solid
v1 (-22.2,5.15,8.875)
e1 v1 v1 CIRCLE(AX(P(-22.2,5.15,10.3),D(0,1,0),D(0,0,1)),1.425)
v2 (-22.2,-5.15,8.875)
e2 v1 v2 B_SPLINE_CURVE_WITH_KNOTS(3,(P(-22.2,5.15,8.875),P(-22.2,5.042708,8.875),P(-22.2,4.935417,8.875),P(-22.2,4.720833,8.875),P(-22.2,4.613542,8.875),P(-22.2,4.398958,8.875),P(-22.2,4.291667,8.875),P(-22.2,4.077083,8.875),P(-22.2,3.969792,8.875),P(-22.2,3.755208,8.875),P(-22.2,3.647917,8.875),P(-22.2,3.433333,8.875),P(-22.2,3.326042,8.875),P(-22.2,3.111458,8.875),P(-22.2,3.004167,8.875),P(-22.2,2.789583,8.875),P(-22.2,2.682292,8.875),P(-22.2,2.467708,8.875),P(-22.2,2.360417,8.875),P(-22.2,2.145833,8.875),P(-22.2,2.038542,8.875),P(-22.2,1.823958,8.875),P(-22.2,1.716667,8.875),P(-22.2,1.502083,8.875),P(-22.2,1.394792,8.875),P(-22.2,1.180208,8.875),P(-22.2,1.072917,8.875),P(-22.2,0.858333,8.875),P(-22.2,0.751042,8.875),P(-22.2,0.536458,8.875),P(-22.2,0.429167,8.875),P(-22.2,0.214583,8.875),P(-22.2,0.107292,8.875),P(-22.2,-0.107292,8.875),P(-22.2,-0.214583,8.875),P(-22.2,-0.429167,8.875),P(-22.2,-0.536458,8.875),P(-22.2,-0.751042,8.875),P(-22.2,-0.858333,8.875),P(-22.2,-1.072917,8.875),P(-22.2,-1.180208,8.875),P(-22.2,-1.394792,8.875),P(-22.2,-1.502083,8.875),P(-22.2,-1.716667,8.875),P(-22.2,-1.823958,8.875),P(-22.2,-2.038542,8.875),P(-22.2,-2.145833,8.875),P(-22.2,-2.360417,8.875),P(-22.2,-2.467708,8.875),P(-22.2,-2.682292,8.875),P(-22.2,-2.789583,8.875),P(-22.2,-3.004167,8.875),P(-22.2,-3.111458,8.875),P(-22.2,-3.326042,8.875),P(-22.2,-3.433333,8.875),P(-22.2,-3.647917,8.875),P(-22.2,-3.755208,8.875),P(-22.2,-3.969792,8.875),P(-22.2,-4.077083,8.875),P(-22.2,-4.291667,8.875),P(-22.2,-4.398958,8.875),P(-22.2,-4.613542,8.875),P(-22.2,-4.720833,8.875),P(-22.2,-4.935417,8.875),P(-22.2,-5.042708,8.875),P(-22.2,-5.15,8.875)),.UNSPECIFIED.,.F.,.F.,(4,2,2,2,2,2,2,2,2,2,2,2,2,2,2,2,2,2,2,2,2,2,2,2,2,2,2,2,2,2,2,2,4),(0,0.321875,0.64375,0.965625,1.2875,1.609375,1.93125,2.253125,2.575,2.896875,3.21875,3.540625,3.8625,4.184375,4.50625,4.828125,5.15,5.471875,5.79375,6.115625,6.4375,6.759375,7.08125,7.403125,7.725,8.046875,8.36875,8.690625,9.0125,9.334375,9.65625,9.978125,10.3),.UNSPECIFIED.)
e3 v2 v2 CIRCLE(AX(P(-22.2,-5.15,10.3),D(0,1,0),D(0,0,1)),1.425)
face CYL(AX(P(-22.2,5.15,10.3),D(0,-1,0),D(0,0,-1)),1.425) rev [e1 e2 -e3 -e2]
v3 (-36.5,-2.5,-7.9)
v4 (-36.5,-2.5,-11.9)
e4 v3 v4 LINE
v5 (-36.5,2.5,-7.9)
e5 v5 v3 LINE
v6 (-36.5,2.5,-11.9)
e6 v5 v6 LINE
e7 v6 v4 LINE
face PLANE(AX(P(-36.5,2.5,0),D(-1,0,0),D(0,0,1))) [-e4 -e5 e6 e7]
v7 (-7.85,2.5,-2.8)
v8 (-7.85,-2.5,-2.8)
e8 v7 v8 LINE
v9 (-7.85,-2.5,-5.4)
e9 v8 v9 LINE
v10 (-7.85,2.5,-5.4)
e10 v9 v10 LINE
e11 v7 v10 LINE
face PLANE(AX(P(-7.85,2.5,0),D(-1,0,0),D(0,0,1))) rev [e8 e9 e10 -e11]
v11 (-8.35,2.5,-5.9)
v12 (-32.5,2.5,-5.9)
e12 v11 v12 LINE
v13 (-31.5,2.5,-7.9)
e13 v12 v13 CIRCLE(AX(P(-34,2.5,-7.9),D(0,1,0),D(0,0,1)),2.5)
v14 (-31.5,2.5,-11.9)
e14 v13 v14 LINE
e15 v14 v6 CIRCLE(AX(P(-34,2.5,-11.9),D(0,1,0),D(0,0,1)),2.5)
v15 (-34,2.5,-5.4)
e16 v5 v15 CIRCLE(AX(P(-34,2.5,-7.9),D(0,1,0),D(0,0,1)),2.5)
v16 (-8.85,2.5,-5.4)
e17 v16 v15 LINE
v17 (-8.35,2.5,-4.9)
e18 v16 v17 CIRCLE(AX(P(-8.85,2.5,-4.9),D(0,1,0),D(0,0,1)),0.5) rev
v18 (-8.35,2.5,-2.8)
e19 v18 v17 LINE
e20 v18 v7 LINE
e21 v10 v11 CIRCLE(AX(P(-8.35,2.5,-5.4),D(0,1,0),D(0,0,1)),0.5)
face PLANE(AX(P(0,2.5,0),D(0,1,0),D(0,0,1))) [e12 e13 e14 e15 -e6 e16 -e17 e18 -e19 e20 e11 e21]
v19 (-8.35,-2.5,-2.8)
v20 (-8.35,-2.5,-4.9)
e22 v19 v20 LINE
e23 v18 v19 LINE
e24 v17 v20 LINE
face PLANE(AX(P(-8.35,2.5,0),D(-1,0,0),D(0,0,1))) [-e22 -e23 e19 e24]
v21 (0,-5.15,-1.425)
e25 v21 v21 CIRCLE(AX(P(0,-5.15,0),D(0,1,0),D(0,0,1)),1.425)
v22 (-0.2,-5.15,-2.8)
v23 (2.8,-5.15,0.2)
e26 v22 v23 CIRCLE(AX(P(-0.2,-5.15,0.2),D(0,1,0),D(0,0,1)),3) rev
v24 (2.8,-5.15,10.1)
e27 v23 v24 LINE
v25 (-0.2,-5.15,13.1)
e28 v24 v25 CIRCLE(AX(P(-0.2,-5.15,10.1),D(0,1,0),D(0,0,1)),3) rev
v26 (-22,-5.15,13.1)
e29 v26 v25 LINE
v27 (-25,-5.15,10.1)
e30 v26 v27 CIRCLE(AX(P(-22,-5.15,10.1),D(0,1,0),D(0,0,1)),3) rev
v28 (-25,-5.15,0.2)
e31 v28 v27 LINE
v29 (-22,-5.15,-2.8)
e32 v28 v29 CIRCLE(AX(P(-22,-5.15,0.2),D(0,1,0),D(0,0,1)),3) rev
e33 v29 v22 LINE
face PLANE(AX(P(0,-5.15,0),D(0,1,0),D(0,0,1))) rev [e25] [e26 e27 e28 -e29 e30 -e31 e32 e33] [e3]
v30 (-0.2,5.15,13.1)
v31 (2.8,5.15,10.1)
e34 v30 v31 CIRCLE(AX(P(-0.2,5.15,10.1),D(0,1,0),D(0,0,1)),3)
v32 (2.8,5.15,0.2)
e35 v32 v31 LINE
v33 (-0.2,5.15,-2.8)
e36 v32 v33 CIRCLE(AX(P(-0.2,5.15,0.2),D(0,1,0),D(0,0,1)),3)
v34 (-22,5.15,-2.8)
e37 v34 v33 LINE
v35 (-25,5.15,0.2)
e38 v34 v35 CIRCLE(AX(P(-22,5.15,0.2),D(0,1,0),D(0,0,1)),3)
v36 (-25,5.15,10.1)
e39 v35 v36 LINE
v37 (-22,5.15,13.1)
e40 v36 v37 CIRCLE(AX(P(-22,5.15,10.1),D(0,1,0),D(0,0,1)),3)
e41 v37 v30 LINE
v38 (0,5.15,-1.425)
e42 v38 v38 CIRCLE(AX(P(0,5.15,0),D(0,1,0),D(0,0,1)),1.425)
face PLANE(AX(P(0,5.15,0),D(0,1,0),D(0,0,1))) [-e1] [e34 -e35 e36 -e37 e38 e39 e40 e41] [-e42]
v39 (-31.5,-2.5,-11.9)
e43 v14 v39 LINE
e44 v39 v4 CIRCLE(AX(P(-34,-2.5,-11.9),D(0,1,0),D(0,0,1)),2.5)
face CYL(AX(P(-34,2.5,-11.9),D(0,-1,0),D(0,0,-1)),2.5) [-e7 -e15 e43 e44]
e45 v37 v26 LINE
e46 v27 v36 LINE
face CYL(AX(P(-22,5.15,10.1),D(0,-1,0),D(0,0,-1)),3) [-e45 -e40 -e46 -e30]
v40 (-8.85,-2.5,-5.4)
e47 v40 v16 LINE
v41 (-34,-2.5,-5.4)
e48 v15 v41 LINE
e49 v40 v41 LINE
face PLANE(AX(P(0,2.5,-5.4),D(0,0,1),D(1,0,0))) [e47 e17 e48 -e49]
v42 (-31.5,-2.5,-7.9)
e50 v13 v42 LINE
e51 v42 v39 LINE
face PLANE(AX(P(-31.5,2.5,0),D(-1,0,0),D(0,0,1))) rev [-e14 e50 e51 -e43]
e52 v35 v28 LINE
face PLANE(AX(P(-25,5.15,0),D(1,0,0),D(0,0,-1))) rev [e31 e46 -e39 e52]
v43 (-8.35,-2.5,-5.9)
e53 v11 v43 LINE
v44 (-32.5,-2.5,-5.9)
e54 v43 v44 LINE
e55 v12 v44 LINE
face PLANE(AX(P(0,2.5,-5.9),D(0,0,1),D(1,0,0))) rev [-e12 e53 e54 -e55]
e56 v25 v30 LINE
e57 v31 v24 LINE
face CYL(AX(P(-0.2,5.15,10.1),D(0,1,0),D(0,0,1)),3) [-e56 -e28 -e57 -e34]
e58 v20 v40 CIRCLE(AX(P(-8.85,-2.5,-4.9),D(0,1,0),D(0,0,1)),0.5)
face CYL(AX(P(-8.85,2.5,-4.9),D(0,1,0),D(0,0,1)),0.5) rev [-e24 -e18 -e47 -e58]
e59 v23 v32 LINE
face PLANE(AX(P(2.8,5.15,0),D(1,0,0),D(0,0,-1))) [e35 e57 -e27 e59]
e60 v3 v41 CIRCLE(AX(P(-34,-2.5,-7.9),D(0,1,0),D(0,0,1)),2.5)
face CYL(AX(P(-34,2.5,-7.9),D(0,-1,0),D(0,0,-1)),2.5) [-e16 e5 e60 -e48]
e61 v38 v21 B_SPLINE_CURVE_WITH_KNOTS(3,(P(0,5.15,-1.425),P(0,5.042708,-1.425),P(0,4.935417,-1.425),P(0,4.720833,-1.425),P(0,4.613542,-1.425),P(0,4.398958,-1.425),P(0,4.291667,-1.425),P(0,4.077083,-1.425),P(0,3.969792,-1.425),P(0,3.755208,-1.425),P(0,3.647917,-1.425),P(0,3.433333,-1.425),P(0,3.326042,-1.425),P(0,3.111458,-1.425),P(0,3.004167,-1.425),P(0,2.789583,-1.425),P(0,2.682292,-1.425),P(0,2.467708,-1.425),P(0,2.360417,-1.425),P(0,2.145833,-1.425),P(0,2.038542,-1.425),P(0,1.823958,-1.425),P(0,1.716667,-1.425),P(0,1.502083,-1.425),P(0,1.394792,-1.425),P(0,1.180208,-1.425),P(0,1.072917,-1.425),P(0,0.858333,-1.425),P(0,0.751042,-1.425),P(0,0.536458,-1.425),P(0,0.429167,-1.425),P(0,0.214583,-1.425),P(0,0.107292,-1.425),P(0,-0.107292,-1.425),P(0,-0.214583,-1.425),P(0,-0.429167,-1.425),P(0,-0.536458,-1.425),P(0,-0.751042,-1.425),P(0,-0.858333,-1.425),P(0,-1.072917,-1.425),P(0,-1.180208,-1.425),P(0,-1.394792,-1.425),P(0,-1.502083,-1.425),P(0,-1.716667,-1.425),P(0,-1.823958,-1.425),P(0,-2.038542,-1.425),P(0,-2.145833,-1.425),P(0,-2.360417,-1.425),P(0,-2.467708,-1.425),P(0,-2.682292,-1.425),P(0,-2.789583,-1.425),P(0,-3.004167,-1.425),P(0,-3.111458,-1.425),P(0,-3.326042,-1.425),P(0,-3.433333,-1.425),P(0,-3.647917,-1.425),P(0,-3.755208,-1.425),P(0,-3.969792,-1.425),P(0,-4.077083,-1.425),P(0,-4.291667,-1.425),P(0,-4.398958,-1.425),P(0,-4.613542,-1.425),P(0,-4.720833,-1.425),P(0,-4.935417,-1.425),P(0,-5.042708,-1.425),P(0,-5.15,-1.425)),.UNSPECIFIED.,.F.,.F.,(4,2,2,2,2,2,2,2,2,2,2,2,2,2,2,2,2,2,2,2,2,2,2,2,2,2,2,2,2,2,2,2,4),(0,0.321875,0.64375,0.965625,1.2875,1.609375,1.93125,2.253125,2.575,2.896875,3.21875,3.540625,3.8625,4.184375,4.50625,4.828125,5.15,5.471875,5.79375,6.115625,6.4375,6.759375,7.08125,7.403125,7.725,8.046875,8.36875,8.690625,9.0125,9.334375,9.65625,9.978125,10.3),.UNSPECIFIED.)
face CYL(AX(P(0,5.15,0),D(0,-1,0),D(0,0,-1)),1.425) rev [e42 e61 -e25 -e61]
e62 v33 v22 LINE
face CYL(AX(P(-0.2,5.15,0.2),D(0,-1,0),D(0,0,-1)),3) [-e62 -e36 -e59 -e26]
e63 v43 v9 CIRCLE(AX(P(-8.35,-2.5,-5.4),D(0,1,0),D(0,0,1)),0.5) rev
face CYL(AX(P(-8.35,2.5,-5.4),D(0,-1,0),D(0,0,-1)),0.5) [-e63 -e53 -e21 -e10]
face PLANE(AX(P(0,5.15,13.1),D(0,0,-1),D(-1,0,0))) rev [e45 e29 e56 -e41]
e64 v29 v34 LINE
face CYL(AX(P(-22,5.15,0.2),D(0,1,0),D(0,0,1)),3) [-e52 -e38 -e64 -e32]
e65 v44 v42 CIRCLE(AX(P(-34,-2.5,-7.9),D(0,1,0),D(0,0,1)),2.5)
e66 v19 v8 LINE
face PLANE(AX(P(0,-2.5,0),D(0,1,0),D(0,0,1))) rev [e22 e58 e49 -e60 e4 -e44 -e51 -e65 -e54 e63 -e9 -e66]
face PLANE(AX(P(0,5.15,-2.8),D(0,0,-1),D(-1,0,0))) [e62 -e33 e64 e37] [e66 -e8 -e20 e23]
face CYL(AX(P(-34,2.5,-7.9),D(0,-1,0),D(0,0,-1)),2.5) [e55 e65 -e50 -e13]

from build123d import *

# Parameters (mm, degrees)
SKETCH1_R           = 1.425
BOSS_EXTRUDE1_DEPTH = 5.15
FILLET1_R           = 3
BOSS_EXTRUDE2_DEPTH = 2.5
FILLET2_R           = 0.5


with BuildPart() as part:
    # Sketch1 → Boss-Extrude1 (new, symmetric)
    with BuildSketch(Plane(origin=(0, 0, 0), x_dir=(1, 0, 0), z_dir=(0, 1, 0))):
        Polygon((-8.35, 2.8), (-25, 2.8), (-25, -13.1), (2.8, -13.1), (2.8, 2.8), (-7.85, 2.8), (-8.1, 2.8), align=None)
        with Locations((-22.2, -10.3)):
            Circle(SKETCH1_R, mode=Mode.SUBTRACT)
        Circle(SKETCH1_R, mode=Mode.SUBTRACT)
    extrude(amount=BOSS_EXTRUDE1_DEPTH, both=True)

    # Fillet1
    fillet1_edges = [part.edges().sort_by_distance(p)[0] for p in [
        (2.8, 0, -2.8),
        (2.8, 0, 13.1),
        (-25, 0, -2.8),
        (-25, 0, 13.1),
    ]]
    fillet(fillet1_edges, radius=FILLET1_R)

    # Sketch1<4> → Boss-Extrude2 (add, symmetric)
    with BuildSketch(Plane(origin=(0, 0, 0), x_dir=(1, 0, 0), z_dir=(0, 1, 0))):
        with BuildLine():
            Line((-8.35, 5.4), (-8.35, 2.8))
            Line((-8.35, 2.8), (-7.85, 2.8))
            Line((-7.85, 2.8), (-7.85, 5.9))
            Line((-7.85, 5.9), (-32.5, 5.9))
            ThreePointArc((-32.5, 5.9), (-31.763932023, 6.781966011), (-31.5, 7.9))
            Line((-31.5, 7.9), (-31.5, 11.9))
            ThreePointArc((-31.5, 11.9), (-34, 14.4), (-36.5, 11.9))
            Line((-36.5, 11.9), (-36.5, 7.9))
            ThreePointArc((-36.5, 7.9), (-35.767766953, 6.132233047), (-34, 5.4))
            Line((-34, 5.4), (-8.35, 5.4))
        make_face()
    extrude(amount=BOSS_EXTRUDE2_DEPTH, both=True)

    # Fillet2
    fillet2_edges = [part.edges().sort_by_distance(p)[0] for p in [
        (-7.85, 0, -5.9),
        (-8.35, 0, -5.4),
    ]]
    fillet(fillet2_edges, radius=FILLET2_R)


solid = part.part
